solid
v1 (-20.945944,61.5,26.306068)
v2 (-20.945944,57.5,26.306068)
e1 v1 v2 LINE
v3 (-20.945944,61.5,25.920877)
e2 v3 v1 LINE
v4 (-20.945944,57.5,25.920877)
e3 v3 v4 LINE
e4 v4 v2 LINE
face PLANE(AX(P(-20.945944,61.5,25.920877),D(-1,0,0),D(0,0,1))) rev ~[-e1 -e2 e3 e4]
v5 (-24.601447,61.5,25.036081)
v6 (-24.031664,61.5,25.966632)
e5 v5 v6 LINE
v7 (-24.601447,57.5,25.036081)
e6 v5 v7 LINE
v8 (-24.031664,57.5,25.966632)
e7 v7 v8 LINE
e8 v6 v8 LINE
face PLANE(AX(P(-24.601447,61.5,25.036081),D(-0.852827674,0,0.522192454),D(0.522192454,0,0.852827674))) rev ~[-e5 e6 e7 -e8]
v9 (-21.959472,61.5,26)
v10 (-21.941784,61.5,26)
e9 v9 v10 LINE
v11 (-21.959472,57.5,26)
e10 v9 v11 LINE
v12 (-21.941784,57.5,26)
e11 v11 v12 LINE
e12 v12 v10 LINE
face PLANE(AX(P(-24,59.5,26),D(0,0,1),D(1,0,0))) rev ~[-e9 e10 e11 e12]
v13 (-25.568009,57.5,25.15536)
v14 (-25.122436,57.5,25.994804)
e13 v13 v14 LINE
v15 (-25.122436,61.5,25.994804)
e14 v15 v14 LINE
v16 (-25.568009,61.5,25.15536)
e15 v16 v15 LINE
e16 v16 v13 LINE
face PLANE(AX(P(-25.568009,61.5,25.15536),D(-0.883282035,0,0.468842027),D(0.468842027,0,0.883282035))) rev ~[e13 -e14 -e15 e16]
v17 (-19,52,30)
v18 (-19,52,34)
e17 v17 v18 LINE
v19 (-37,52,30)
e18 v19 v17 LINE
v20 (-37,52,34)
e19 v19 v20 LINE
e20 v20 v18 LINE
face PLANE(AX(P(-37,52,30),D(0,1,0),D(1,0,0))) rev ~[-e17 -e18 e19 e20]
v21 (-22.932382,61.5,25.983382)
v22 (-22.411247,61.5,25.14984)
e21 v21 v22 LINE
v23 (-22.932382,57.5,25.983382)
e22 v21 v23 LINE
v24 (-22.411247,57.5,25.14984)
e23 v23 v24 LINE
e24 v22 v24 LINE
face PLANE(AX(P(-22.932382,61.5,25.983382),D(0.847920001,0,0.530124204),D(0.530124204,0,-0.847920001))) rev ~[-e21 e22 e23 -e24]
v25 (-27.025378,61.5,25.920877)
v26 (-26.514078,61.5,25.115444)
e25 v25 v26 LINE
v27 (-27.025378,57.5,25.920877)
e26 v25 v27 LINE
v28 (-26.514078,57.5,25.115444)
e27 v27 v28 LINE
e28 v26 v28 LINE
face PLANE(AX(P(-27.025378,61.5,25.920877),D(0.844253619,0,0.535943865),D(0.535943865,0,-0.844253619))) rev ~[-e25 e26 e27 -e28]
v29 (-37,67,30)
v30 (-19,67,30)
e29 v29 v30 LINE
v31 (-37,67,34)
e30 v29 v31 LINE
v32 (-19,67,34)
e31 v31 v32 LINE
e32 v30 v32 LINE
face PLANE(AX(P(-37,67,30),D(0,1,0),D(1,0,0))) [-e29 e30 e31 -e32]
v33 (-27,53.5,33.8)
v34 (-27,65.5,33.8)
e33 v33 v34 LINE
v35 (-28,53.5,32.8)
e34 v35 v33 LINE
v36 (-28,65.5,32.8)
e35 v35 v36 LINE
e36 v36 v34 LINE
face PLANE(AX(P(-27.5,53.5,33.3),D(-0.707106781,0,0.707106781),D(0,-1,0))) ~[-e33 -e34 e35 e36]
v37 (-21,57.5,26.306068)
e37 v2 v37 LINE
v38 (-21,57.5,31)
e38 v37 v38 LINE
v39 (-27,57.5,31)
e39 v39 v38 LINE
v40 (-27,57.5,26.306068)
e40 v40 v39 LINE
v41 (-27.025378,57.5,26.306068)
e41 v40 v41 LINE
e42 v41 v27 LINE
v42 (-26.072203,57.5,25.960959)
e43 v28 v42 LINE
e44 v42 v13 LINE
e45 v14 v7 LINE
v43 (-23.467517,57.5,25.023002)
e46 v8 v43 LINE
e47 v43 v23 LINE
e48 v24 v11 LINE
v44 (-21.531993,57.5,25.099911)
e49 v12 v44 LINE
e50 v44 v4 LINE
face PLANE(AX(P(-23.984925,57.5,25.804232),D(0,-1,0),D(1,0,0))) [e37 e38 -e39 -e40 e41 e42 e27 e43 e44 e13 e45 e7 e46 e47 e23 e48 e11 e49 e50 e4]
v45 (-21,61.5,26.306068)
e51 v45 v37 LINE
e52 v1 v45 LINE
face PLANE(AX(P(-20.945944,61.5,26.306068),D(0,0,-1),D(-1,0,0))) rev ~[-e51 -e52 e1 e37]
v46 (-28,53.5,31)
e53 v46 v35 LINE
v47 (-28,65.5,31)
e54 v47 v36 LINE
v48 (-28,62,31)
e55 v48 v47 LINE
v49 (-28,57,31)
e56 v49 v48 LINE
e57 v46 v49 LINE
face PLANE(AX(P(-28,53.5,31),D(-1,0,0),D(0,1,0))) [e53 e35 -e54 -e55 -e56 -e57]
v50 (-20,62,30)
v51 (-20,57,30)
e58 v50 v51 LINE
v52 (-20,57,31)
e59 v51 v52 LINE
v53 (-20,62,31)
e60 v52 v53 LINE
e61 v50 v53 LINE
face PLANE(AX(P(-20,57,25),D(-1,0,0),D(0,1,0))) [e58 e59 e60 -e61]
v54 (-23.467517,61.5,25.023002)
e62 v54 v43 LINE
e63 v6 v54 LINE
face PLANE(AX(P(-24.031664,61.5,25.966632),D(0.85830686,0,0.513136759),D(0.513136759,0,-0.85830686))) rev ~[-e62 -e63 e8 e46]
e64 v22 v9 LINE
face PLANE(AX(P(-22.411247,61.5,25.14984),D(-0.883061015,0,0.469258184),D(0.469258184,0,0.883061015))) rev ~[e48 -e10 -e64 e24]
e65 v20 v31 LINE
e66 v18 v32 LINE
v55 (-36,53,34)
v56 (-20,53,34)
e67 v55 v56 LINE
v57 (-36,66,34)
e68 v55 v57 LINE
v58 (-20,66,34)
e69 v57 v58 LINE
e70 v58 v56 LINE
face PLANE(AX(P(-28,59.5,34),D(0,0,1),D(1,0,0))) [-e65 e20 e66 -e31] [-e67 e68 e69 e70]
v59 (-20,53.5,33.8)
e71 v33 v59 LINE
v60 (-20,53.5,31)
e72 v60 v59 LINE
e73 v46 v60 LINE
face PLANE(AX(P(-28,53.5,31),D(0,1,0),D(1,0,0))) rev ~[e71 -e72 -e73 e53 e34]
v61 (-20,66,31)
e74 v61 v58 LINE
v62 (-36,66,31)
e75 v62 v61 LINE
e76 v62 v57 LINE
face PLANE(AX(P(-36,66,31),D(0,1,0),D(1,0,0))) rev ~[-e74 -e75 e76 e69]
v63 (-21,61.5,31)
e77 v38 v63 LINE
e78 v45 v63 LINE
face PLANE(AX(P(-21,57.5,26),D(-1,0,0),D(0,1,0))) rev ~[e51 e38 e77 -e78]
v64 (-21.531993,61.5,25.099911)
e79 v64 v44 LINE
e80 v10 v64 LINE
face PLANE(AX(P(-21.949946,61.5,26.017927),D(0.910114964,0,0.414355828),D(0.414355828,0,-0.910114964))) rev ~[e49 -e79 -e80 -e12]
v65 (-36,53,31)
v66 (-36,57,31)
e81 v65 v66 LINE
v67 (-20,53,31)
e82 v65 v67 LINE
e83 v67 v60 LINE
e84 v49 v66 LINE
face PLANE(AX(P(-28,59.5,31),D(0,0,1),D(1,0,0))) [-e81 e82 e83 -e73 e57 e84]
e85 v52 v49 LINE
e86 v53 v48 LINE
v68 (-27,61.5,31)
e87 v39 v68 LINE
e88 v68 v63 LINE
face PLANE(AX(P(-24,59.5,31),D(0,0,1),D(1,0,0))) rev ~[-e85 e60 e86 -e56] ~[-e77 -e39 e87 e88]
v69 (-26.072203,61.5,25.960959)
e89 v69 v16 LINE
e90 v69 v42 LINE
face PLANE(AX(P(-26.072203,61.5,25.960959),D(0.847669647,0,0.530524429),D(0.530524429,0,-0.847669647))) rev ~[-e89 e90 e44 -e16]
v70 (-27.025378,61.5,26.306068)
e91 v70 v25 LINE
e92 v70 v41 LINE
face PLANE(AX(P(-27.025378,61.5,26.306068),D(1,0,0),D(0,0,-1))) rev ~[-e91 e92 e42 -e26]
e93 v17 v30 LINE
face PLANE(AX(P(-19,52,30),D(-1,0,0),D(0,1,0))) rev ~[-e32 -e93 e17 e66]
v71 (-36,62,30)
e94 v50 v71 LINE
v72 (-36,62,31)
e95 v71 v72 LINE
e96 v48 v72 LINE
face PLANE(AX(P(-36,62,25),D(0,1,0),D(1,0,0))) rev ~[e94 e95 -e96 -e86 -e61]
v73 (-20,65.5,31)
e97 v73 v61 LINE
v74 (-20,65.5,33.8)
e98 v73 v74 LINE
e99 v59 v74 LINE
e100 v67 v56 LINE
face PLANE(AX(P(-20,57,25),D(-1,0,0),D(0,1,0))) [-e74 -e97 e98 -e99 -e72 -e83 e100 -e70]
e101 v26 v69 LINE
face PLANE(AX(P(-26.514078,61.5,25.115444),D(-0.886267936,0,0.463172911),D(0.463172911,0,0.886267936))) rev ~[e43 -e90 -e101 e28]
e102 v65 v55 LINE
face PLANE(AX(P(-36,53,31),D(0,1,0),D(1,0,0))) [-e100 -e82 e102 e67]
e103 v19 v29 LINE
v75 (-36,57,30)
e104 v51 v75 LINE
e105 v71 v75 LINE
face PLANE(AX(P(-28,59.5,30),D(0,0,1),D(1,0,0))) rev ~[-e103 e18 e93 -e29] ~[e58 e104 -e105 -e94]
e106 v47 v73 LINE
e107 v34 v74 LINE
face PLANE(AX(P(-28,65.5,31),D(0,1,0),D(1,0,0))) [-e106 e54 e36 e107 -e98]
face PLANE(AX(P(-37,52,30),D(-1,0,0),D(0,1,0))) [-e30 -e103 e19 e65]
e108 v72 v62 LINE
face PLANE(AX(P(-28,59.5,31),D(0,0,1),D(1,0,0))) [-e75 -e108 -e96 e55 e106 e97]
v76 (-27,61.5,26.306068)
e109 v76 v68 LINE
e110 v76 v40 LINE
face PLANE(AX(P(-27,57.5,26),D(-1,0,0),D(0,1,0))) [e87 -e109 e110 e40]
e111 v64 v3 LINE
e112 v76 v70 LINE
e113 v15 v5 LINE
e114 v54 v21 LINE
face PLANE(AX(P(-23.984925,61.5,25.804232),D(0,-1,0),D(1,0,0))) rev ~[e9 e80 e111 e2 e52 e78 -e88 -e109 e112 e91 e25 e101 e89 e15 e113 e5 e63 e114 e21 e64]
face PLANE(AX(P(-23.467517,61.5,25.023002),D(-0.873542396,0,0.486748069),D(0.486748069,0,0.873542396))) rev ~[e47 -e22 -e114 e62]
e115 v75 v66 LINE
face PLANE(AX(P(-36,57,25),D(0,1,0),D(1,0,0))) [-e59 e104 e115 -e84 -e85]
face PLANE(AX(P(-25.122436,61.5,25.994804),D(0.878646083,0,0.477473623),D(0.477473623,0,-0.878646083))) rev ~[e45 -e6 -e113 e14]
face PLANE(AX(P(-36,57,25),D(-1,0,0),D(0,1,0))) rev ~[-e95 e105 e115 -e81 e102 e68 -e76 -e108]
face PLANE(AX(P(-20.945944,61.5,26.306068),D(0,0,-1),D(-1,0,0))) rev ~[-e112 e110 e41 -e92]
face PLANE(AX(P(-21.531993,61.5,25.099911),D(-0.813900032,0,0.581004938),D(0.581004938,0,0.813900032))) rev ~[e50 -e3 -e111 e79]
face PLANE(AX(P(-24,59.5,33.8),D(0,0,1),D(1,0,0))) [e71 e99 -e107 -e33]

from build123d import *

# Parameters (mm, degrees)
PAD_DEPTH       = 4
BOX055_W        = 6
BOX055_H        = 4
BOX055_DEPTH    = 5
BOX053_W        = 16
BOX053_H        = 5
BOX053_DEPTH    = 10
BOX052_W        = 16
BOX052_H        = 13
BOX052_DEPTH    = 3
BOX051_W        = 18
BOX051_H        = 15
BOX051_DEPTH    = 4
BOX054_W        = 8
BOX054_H        = 12
BOX054_DEPTH    = 2.8
CHAMFER002_SIZE = 1


with BuildPart() as pad:
    # Sketch → Pad (new body)
    with BuildSketch(Plane.XZ):
        Polygon((1.974622, -4.079123), (2.485922, -4.884556), (2.927797, -4.039041), (3.431991, -4.84464), (3.877564, -4.005196), (4.398553, -4.963919), (4.968336, -4.033368), (5.532483, -4.976998), (6.067618, -4.016618), (6.588753, -4.85016), (7.050054, -3.982073), (7.468007, -4.900089), (8.054056, -4.079123), (8.054056, -3.693932), (1.974622, -3.693932), align=None)
    extrude(amount=PAD_DEPTH)


with BuildPart() as fusion002029:
    # Box055 → Box055 (new body)
    with BuildSketch(Plane(origin=(2, -4, -4), x_dir=(1, 0, 0), z_dir=(0, 0, 1))):
        with Locations((3, 2)):
            Rectangle(BOX055_W, BOX055_H)
    extrude(amount=BOX055_DEPTH)

    # Fusion002029: union Pad
    add(pad.part)


with BuildPart() as fusion002029_1:
    # Fusion002029 placement: moved
    add(fusion002029.part.moved(Location((8, 9.5, 0))))


with BuildPart() as cubo053:
    # Box053 → Box053 (new body)
    with BuildSketch(Plane(origin=(1, 5, -5), x_dir=(1, 0, 0), z_dir=(0, 0, 1))):
        with Locations((8, 2.5)):
            Rectangle(BOX053_W, BOX053_H)
    extrude(amount=BOX053_DEPTH)


with BuildPart() as cubo052:
    # Box052 → Box052 (new body)
    with BuildSketch(Plane(origin=(1, 1, 1), x_dir=(1, 0, 0), z_dir=(0, 0, 1))):
        with Locations((8, 6.5)):
            Rectangle(BOX052_W, BOX052_H)
    extrude(amount=BOX052_DEPTH)


with BuildPart() as cut074:
    # Box051 → Box051 (new body)
    with BuildSketch(Plane.XY):
        with Locations((9, 7.5)):
            Rectangle(BOX051_W, BOX051_H)
    extrude(amount=BOX051_DEPTH)

    # Cut073: cut Cubo052
    add(cubo052.part, mode=Mode.SUBTRACT)

    # Cut074: cut Cubo053
    add(cubo053.part, mode=Mode.SUBTRACT)


with BuildPart() as fusion002030:
    # Box054 → Box054 (new body)
    with BuildSketch(Plane(origin=(8, 1.5, 1), x_dir=(1, 0, 0), z_dir=(0, 0, 1))):
        with Locations((4, 6)):
            Rectangle(BOX054_W, BOX054_H)
    extrude(amount=BOX054_DEPTH)

    # Chamfer002
    chamfer002_edges = [fusion002030.edges().sort_by_distance(p)[0] for p in [
        (8, 7.5, 3.8),
    ]]
    chamfer(chamfer002_edges, length=CHAMFER002_SIZE)


with BuildPart() as fusion002030_1:
    # Chamfer002 placement: moved
    add(fusion002030.part.moved(Location((1, 0, 0))))

    # Fusion002030: union Fusion002029, Cut074
    add(fusion002029_1.part)
    add(cut074.part)


with BuildPart() as fusion002030_2:
    # Fusion002030 placement: moved
    add(fusion002030_1.part.moved(Location((-37, 52, 30))))


solid = fusion002030_2.part
